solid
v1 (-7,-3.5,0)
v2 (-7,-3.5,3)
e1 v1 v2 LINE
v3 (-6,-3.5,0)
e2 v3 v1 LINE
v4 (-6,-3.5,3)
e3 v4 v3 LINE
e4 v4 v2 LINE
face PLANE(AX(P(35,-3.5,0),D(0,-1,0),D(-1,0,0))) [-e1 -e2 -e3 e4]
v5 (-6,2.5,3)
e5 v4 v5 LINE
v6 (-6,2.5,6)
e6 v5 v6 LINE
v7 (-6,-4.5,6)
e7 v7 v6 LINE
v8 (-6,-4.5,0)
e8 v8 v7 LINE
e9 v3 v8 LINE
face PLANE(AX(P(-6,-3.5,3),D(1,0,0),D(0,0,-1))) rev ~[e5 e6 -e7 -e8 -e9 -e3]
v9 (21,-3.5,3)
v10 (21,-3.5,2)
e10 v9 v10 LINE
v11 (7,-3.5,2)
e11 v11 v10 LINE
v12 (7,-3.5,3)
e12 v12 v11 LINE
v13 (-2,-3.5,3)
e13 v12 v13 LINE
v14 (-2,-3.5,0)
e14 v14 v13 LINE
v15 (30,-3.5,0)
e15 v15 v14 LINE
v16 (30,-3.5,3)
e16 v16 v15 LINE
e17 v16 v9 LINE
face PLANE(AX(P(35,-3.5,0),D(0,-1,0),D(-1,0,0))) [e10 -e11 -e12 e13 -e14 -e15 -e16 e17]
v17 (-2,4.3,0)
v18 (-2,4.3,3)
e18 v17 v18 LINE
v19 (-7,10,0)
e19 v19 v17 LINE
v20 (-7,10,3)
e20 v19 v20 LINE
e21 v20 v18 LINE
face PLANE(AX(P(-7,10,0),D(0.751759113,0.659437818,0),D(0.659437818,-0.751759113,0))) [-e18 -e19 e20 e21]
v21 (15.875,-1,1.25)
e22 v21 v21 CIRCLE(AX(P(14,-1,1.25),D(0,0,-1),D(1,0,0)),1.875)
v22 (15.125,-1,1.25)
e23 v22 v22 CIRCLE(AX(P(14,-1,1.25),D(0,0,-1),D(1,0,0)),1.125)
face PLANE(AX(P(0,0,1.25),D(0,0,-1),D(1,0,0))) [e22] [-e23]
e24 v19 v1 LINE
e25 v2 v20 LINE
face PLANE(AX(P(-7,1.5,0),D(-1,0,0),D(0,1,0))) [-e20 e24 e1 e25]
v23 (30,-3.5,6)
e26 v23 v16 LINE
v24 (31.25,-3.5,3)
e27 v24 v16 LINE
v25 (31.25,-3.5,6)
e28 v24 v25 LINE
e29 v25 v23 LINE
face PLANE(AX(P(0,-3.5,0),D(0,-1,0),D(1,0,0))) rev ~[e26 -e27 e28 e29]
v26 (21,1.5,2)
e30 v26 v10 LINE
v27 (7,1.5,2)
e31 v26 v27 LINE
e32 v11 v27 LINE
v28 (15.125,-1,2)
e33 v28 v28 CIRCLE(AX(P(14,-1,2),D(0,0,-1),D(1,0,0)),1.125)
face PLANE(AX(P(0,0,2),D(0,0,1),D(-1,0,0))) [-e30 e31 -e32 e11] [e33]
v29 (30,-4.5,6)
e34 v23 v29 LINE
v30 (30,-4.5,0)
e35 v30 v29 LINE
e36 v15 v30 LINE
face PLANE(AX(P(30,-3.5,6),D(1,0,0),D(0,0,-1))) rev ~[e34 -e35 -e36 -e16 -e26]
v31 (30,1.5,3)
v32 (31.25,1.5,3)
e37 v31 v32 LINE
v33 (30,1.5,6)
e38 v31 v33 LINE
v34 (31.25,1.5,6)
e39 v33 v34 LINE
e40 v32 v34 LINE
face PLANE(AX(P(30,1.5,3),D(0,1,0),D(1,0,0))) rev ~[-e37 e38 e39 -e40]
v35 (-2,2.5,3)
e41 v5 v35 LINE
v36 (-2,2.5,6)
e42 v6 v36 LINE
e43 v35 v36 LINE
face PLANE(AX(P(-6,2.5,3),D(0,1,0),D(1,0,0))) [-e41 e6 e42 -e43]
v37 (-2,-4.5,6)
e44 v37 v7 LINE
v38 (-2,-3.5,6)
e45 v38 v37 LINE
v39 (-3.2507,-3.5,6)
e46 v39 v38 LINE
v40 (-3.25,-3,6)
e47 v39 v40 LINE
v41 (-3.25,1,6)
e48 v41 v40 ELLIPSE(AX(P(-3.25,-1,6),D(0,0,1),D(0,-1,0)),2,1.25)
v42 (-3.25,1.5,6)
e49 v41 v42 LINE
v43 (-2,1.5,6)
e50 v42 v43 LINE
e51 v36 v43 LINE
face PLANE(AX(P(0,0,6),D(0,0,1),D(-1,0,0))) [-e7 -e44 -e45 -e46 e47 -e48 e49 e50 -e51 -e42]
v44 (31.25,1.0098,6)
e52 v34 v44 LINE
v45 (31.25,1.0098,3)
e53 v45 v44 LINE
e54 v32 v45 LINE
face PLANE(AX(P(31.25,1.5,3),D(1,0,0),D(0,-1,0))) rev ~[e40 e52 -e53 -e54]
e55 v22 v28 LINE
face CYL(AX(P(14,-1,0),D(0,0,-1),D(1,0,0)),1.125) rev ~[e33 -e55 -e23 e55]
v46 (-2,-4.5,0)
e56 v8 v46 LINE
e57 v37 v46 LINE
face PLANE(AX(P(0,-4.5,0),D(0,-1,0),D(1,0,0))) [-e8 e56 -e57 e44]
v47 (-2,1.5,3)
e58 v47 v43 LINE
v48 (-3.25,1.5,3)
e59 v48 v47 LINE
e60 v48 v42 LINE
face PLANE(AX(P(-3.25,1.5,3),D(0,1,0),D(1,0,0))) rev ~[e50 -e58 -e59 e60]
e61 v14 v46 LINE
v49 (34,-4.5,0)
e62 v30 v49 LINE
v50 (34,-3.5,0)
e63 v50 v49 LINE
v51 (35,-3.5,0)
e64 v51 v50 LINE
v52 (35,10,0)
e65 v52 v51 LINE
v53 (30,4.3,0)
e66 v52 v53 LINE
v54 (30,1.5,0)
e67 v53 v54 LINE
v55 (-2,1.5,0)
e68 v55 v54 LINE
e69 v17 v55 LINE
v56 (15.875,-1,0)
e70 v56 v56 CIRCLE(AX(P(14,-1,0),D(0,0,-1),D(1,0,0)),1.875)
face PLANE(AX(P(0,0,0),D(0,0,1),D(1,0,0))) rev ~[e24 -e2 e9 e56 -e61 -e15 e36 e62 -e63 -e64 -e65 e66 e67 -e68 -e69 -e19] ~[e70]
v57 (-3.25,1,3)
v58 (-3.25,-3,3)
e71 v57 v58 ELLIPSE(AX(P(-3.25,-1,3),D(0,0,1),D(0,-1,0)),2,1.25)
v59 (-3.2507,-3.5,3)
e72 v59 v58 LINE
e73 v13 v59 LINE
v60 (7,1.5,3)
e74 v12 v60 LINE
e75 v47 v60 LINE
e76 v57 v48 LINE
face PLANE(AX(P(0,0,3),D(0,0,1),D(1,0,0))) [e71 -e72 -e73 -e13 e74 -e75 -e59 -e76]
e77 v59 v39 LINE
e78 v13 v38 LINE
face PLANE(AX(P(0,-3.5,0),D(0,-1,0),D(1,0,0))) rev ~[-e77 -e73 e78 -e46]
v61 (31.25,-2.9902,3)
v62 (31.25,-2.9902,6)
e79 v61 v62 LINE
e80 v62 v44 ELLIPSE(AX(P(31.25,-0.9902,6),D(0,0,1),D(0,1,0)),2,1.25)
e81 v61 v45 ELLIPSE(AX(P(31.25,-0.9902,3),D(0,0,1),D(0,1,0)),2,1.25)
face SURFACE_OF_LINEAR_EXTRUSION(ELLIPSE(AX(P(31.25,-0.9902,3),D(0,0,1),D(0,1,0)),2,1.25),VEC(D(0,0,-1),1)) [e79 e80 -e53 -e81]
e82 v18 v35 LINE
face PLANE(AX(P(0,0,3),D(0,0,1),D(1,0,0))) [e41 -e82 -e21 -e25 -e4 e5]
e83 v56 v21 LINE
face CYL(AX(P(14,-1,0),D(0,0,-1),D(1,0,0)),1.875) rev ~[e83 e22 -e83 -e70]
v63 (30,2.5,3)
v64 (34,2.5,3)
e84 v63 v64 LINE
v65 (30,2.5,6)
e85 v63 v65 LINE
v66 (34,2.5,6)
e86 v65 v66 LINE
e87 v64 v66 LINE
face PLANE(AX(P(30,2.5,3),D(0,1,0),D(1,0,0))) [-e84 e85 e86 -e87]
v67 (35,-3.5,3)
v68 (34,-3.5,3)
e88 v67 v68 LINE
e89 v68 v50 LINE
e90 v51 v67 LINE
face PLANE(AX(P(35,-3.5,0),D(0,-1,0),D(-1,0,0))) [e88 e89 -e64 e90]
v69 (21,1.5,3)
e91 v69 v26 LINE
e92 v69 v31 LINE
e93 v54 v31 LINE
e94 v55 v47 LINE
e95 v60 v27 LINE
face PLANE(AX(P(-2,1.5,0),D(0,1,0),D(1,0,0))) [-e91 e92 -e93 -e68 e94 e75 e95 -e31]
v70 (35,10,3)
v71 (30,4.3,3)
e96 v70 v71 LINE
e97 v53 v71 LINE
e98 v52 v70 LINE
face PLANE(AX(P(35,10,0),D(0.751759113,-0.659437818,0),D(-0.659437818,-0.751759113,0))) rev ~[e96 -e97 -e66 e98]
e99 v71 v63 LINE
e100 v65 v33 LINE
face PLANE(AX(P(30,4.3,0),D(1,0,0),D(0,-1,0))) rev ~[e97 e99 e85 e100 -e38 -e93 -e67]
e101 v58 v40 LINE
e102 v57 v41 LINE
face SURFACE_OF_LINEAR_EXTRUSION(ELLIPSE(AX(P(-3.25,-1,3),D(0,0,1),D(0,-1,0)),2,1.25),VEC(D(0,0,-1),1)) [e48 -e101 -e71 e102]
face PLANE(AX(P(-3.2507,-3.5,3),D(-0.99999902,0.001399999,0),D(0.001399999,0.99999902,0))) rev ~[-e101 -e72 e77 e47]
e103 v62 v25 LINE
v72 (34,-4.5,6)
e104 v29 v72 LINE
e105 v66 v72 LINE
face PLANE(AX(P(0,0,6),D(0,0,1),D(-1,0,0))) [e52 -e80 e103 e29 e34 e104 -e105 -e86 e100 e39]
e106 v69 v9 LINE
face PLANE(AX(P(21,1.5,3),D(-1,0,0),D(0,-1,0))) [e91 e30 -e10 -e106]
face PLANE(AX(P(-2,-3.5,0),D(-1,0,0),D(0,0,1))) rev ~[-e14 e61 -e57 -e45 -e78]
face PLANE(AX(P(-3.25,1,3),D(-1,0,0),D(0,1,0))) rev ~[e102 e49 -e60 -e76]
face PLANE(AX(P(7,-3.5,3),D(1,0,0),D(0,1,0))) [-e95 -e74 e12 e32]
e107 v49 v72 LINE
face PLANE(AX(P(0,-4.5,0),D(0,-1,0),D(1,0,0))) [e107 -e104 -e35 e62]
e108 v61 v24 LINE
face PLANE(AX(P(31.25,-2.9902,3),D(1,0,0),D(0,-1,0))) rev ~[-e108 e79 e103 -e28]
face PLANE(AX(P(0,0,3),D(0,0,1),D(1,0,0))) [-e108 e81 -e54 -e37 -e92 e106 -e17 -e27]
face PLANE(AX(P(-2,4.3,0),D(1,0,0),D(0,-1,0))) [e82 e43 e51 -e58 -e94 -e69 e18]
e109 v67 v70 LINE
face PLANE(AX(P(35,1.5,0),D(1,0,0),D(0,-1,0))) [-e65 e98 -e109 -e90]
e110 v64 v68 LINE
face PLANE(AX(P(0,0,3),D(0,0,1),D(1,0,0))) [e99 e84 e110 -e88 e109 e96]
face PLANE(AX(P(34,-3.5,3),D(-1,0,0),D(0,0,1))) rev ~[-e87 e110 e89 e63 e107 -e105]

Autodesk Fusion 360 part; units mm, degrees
sketch "Sketch1" plane through (0, 0, 0) normal (0, 0, 1) x (1, 0, 0)
  line L0 (-7, 1.5) -> (35, 1.5)
  line L1 (35, 1.5) -> (35, -3.5)
  line L2 (35, -3.5) -> (-7, -3.5)
  line L3 (-7, -3.5) -> (-7, 1.5)
  line L4 (-7, 1.5) -> (-7, 10)
  line L5 (-7, 10) -> (-2, 4.3)
  line L6 (-2, 4.3) -> (-2, 1.5)
  line L7 (35, 1.5) -> (35, 10)
  line L8 (35, 10) -> (30, 4.3)
  line L9 (30, 4.3) -> (30, 1.5)
  dimension "d1" = 5
  dimension "d2" = 42
  dimension "d13" = 8.5
  dimension "d14" = 5
  dimension "d15" = 2.8
extrude "Extrude1" add sketch "Sketch1" along normal blind 3
sketch "Sketch2" plane through (0, 0, 3) normal (0, 0, 1) x (-1, 0, 0)
  line L0 (-35, 3.5) -> (-35, -10)
  line L1 (-35, -10) -> (-30, -4.3)
  line L2 (-30, -4.3) -> (-30, -1.5)
  line L3 (-30, -1.5) -> (2, -1.5)
  line L4 (2, -1.5) -> (2, -4.3)
  line L5 (2, -4.3) -> (7, -10)
  line L6 (7, -10) -> (7, 3.5)
  line L7 (7, 3.5) -> (-35, 3.5)
  line L8 (-7, -1.5) -> (-21, -1.5)
  line L9 (-21, -1.5) -> (-21, 3.5)
  line L10 (-21, 3.5) -> (-7, 3.5)
  line L11 (-7, 3.5) -> (-7, -1.5)
  line L12 (-7, -1.5) -> (-21, 3.5) construction
  line L13 (-21, -1.5) -> (-7, 3.5) construction
  point P0 (-14, 1)
  dimension "d16" = 14
  dimension "d17" = 14
  dimension "d18" = 5
extrude "Extrude2" cut sketch "Sketch2" against normal blind 1 contours L3 L7 L8 L9 L10 L11
sketch "Sketch3" plane through (0, 0, 3) normal (0, 0, 1) x (-1, 0, 0)
  line L0 (-21, -1.5) -> (-21, 3.5)
  line L1 (-21, 3.5) -> (-35, 3.5)
  line L2 (-35, 3.5) -> (-35, -10)
  line L3 (-35, -10) -> (-30, -4.3)
  line L4 (-30, -4.3) -> (-30, -1.5)
  line L5 (-30, -1.5) -> (-21, -1.5)
  line L6 (6, -1.5) -> (-34, -1.5)
  line L7 (-34, -1.5) -> (-34, 3.5)
  line L8 (-34, 3.5) -> (6, 3.5)
  line L9 (6, 3.5) -> (6, -1.5)
  line L10 (6, -1.5) -> (-34, 3.5) construction
  line L11 (-34, -1.5) -> (6, 3.5) construction
  ellipse E0 centre (3.25, 1) end of major axis (4.5, 1) minor radius 2
  line L12 (2, 1) -> (4.5, 1) construction
  line L13 (3.25, -1) -> (3.25, 3) construction
  line L14 (3.2507, 3.5) -> (3.25, 3)
  line L15 (3.25, -1) -> (3.25, -1.5)
  ellipse E1 centre (-31.25, 0.9902) end of major axis (-32.5, 0.9902) minor radius 2
  line L16 (-30, 0.9902) -> (-32.5, 0.9902) construction
  line L17 (-31.25, 2.9902) -> (-31.25, -1.0098) construction
  line L18 (-31.25, 2.9902) -> (-31.25, 3.5)
  line L19 (-31.25, -1.5) -> (-31.25, -1.0098)
  line L20 (6, -2.5) -> (2, -2.5)
  line L21 (2, -2.5) -> (2, -1.5)
  line L22 (2, -1.5) -> (6, -1.5)
  line L23 (6, -1.5) -> (6, -2.5)
  line L24 (-34, -1.5) -> (-30, -1.5)
  line L25 (-30, -1.5) -> (-30, -2.5)
  line L26 (-30, -2.5) -> (-34, -2.5)
  line L27 (-34, -2.5) -> (-34, -1.5)
  point P0 (-14, 1)
  dimension "d7" = 40
  dimension "d8" = 2.5
  dimension "d9" = 4
  dimension "d10" = 2.5
  dimension "d19" = 5
  dimension "d20" = 21
  dimension "d21" = 2.5
  dimension "d22" = 37
  dimension "d23" = 1.5
  dimension "d24" = 5
extrude "Extrude3" add sketch "Sketch3" along normal blind 3 contours L4 L6 L24 L25 L26 L27 | L6 L20 L21 L22 L23 | L1 L6 L7 L8 E1 L18 L19 L24 | L6 L8 L9 E0 L14 L15 L22
sketch "Sketch6" plane through (0, -3.5, 0) normal (0, -1, 0) x (1, 0, 0)
  line L0 (21, 3) -> (21, 2)
  line L1 (21, 2) -> (7, 2)
  line L2 (7, 2) -> (7, 3)
  line L3 (7, 3) -> (-3.2507, 3)
  line L4 (-3.2507, 3) -> (-3.2507, 6)
  line L5 (-3.2507, 6) -> (-6, 6)
  line L6 (-6, 6) -> (-6, 3)
  line L7 (-6, 3) -> (-7, 3)
  line L8 (-7, 3) -> (-7, 0)
  line L9 (-7, 0) -> (35, 0)
  line L10 (35, 0) -> (35, 3)
  line L11 (35, 3) -> (34, 3)
  line L12 (34, 3) -> (34, 6)
  line L13 (34, 6) -> (31.25, 6)
  line L14 (31.25, 6) -> (31.25, 3)
  line L15 (31.25, 3) -> (21, 3)
  line L16 (-2, 6) -> (-6, 6)
  line L17 (-6, 6) -> (-6, 0)
  line L18 (-6, 0) -> (-2, 0)
  line L19 (-2, 0) -> (-2, 6)
  line L20 (34, 6) -> (30, 6)
  line L21 (30, 6) -> (30, 0)
  line L22 (30, 0) -> (34, 0)
  line L23 (34, 0) -> (34, 6)
extrude "Extrude6" add sketch "Sketch6" along normal blind 1 contours L14 L15 L20 L21 | L9 L12 L13 L14 L15 L20 L21 L22 L23 | L3 L4 L5 L6 L9 L16 L17 L18 L19 | L3 L4 L16 L19
sketch "Sketch4" plane through (0, 0, 0) normal (0, 0, -1) x (1, 0, 0)
  line L0 (35, -10) -> (35, 3.5)
  line L1 (35, 3.5) -> (34, 3.5)
  line L2 (-7, 3.5) -> (-7, -10)
  line L3 (-7, -10) -> (-2, -4.3)
  line L4 (-2, -4.3) -> (-2, -1.5)
  line L5 (-2, -1.5) -> (30, -1.5)
  line L6 (30, -1.5) -> (30, -4.3)
  line L7 (30, -4.3) -> (35, -10)
  line L8 (5, 3.5) -> (23, 3.5)
  line L9 (23, 3.5) -> (23, -1.5)
  line L10 (23, -1.5) -> (5, -1.5)
  line L11 (5, -1.5) -> (5, 3.5)
  circle A0 centre (14, 1) radius 1.125
  line L12 (34, 3.5) -> (34, 4.5)
  line L13 (34, 4.5) -> (30, 4.5)
  line L14 (30, 4.5) -> (30, 3.5)
  line L15 (30, 3.5) -> (-2, 3.5)
  line L16 (-2, 3.5) -> (-2, 4.5)
  line L17 (-2, 4.5) -> (-6, 4.5)
  line L18 (-6, 4.5) -> (-6, 3.5)
  line L19 (-6, 3.5) -> (-7, 3.5)
  dimension "d25" = 2.25
extrude "Extrude4" cut sketch "Sketch4" against normal blind 2 contours A0
sketch "Sketch5" plane through (0, 0, 0) normal (0, 0, -1) x (1, 0, 0)
  circle A0 centre (14, 1) radius 1.125
  line L0 (35, -10) -> (35, 3.5)
  line L1 (35, 3.5) -> (34, 3.5)
  line L2 (-7, 3.5) -> (-7, -10)
  line L3 (-7, -10) -> (-2, -4.3)
  line L4 (-2, -4.3) -> (-2, -1.5)
  line L5 (-2, -1.5) -> (30, -1.5)
  line L6 (30, -1.5) -> (30, -4.3)
  line L7 (30, -4.3) -> (35, -10)
  circle A1 centre (14, 1) radius 1.875
  line L8 (34, 3.5) -> (34, 4.5)
  line L9 (34, 4.5) -> (30, 4.5)
  line L10 (30, 4.5) -> (30, 3.5)
  line L11 (30, 3.5) -> (-2, 3.5)
  line L12 (-2, 3.5) -> (-2, 4.5)
  line L13 (-2, 4.5) -> (-6, 4.5)
  line L14 (-6, 4.5) -> (-6, 3.5)
  line L15 (-6, 3.5) -> (-7, 3.5)
  dimension "d28" = 3.75
extrude "Extrude5" cut sketch "Sketch5" against normal blind 1.25 contours A1
equation "d16 = d17"
equation "d18 = d1"
equation "d19 = d1"
equation "d20 = d2 / 2"
equation "d21 = d1 / 2"
equation "d24 = d1"
